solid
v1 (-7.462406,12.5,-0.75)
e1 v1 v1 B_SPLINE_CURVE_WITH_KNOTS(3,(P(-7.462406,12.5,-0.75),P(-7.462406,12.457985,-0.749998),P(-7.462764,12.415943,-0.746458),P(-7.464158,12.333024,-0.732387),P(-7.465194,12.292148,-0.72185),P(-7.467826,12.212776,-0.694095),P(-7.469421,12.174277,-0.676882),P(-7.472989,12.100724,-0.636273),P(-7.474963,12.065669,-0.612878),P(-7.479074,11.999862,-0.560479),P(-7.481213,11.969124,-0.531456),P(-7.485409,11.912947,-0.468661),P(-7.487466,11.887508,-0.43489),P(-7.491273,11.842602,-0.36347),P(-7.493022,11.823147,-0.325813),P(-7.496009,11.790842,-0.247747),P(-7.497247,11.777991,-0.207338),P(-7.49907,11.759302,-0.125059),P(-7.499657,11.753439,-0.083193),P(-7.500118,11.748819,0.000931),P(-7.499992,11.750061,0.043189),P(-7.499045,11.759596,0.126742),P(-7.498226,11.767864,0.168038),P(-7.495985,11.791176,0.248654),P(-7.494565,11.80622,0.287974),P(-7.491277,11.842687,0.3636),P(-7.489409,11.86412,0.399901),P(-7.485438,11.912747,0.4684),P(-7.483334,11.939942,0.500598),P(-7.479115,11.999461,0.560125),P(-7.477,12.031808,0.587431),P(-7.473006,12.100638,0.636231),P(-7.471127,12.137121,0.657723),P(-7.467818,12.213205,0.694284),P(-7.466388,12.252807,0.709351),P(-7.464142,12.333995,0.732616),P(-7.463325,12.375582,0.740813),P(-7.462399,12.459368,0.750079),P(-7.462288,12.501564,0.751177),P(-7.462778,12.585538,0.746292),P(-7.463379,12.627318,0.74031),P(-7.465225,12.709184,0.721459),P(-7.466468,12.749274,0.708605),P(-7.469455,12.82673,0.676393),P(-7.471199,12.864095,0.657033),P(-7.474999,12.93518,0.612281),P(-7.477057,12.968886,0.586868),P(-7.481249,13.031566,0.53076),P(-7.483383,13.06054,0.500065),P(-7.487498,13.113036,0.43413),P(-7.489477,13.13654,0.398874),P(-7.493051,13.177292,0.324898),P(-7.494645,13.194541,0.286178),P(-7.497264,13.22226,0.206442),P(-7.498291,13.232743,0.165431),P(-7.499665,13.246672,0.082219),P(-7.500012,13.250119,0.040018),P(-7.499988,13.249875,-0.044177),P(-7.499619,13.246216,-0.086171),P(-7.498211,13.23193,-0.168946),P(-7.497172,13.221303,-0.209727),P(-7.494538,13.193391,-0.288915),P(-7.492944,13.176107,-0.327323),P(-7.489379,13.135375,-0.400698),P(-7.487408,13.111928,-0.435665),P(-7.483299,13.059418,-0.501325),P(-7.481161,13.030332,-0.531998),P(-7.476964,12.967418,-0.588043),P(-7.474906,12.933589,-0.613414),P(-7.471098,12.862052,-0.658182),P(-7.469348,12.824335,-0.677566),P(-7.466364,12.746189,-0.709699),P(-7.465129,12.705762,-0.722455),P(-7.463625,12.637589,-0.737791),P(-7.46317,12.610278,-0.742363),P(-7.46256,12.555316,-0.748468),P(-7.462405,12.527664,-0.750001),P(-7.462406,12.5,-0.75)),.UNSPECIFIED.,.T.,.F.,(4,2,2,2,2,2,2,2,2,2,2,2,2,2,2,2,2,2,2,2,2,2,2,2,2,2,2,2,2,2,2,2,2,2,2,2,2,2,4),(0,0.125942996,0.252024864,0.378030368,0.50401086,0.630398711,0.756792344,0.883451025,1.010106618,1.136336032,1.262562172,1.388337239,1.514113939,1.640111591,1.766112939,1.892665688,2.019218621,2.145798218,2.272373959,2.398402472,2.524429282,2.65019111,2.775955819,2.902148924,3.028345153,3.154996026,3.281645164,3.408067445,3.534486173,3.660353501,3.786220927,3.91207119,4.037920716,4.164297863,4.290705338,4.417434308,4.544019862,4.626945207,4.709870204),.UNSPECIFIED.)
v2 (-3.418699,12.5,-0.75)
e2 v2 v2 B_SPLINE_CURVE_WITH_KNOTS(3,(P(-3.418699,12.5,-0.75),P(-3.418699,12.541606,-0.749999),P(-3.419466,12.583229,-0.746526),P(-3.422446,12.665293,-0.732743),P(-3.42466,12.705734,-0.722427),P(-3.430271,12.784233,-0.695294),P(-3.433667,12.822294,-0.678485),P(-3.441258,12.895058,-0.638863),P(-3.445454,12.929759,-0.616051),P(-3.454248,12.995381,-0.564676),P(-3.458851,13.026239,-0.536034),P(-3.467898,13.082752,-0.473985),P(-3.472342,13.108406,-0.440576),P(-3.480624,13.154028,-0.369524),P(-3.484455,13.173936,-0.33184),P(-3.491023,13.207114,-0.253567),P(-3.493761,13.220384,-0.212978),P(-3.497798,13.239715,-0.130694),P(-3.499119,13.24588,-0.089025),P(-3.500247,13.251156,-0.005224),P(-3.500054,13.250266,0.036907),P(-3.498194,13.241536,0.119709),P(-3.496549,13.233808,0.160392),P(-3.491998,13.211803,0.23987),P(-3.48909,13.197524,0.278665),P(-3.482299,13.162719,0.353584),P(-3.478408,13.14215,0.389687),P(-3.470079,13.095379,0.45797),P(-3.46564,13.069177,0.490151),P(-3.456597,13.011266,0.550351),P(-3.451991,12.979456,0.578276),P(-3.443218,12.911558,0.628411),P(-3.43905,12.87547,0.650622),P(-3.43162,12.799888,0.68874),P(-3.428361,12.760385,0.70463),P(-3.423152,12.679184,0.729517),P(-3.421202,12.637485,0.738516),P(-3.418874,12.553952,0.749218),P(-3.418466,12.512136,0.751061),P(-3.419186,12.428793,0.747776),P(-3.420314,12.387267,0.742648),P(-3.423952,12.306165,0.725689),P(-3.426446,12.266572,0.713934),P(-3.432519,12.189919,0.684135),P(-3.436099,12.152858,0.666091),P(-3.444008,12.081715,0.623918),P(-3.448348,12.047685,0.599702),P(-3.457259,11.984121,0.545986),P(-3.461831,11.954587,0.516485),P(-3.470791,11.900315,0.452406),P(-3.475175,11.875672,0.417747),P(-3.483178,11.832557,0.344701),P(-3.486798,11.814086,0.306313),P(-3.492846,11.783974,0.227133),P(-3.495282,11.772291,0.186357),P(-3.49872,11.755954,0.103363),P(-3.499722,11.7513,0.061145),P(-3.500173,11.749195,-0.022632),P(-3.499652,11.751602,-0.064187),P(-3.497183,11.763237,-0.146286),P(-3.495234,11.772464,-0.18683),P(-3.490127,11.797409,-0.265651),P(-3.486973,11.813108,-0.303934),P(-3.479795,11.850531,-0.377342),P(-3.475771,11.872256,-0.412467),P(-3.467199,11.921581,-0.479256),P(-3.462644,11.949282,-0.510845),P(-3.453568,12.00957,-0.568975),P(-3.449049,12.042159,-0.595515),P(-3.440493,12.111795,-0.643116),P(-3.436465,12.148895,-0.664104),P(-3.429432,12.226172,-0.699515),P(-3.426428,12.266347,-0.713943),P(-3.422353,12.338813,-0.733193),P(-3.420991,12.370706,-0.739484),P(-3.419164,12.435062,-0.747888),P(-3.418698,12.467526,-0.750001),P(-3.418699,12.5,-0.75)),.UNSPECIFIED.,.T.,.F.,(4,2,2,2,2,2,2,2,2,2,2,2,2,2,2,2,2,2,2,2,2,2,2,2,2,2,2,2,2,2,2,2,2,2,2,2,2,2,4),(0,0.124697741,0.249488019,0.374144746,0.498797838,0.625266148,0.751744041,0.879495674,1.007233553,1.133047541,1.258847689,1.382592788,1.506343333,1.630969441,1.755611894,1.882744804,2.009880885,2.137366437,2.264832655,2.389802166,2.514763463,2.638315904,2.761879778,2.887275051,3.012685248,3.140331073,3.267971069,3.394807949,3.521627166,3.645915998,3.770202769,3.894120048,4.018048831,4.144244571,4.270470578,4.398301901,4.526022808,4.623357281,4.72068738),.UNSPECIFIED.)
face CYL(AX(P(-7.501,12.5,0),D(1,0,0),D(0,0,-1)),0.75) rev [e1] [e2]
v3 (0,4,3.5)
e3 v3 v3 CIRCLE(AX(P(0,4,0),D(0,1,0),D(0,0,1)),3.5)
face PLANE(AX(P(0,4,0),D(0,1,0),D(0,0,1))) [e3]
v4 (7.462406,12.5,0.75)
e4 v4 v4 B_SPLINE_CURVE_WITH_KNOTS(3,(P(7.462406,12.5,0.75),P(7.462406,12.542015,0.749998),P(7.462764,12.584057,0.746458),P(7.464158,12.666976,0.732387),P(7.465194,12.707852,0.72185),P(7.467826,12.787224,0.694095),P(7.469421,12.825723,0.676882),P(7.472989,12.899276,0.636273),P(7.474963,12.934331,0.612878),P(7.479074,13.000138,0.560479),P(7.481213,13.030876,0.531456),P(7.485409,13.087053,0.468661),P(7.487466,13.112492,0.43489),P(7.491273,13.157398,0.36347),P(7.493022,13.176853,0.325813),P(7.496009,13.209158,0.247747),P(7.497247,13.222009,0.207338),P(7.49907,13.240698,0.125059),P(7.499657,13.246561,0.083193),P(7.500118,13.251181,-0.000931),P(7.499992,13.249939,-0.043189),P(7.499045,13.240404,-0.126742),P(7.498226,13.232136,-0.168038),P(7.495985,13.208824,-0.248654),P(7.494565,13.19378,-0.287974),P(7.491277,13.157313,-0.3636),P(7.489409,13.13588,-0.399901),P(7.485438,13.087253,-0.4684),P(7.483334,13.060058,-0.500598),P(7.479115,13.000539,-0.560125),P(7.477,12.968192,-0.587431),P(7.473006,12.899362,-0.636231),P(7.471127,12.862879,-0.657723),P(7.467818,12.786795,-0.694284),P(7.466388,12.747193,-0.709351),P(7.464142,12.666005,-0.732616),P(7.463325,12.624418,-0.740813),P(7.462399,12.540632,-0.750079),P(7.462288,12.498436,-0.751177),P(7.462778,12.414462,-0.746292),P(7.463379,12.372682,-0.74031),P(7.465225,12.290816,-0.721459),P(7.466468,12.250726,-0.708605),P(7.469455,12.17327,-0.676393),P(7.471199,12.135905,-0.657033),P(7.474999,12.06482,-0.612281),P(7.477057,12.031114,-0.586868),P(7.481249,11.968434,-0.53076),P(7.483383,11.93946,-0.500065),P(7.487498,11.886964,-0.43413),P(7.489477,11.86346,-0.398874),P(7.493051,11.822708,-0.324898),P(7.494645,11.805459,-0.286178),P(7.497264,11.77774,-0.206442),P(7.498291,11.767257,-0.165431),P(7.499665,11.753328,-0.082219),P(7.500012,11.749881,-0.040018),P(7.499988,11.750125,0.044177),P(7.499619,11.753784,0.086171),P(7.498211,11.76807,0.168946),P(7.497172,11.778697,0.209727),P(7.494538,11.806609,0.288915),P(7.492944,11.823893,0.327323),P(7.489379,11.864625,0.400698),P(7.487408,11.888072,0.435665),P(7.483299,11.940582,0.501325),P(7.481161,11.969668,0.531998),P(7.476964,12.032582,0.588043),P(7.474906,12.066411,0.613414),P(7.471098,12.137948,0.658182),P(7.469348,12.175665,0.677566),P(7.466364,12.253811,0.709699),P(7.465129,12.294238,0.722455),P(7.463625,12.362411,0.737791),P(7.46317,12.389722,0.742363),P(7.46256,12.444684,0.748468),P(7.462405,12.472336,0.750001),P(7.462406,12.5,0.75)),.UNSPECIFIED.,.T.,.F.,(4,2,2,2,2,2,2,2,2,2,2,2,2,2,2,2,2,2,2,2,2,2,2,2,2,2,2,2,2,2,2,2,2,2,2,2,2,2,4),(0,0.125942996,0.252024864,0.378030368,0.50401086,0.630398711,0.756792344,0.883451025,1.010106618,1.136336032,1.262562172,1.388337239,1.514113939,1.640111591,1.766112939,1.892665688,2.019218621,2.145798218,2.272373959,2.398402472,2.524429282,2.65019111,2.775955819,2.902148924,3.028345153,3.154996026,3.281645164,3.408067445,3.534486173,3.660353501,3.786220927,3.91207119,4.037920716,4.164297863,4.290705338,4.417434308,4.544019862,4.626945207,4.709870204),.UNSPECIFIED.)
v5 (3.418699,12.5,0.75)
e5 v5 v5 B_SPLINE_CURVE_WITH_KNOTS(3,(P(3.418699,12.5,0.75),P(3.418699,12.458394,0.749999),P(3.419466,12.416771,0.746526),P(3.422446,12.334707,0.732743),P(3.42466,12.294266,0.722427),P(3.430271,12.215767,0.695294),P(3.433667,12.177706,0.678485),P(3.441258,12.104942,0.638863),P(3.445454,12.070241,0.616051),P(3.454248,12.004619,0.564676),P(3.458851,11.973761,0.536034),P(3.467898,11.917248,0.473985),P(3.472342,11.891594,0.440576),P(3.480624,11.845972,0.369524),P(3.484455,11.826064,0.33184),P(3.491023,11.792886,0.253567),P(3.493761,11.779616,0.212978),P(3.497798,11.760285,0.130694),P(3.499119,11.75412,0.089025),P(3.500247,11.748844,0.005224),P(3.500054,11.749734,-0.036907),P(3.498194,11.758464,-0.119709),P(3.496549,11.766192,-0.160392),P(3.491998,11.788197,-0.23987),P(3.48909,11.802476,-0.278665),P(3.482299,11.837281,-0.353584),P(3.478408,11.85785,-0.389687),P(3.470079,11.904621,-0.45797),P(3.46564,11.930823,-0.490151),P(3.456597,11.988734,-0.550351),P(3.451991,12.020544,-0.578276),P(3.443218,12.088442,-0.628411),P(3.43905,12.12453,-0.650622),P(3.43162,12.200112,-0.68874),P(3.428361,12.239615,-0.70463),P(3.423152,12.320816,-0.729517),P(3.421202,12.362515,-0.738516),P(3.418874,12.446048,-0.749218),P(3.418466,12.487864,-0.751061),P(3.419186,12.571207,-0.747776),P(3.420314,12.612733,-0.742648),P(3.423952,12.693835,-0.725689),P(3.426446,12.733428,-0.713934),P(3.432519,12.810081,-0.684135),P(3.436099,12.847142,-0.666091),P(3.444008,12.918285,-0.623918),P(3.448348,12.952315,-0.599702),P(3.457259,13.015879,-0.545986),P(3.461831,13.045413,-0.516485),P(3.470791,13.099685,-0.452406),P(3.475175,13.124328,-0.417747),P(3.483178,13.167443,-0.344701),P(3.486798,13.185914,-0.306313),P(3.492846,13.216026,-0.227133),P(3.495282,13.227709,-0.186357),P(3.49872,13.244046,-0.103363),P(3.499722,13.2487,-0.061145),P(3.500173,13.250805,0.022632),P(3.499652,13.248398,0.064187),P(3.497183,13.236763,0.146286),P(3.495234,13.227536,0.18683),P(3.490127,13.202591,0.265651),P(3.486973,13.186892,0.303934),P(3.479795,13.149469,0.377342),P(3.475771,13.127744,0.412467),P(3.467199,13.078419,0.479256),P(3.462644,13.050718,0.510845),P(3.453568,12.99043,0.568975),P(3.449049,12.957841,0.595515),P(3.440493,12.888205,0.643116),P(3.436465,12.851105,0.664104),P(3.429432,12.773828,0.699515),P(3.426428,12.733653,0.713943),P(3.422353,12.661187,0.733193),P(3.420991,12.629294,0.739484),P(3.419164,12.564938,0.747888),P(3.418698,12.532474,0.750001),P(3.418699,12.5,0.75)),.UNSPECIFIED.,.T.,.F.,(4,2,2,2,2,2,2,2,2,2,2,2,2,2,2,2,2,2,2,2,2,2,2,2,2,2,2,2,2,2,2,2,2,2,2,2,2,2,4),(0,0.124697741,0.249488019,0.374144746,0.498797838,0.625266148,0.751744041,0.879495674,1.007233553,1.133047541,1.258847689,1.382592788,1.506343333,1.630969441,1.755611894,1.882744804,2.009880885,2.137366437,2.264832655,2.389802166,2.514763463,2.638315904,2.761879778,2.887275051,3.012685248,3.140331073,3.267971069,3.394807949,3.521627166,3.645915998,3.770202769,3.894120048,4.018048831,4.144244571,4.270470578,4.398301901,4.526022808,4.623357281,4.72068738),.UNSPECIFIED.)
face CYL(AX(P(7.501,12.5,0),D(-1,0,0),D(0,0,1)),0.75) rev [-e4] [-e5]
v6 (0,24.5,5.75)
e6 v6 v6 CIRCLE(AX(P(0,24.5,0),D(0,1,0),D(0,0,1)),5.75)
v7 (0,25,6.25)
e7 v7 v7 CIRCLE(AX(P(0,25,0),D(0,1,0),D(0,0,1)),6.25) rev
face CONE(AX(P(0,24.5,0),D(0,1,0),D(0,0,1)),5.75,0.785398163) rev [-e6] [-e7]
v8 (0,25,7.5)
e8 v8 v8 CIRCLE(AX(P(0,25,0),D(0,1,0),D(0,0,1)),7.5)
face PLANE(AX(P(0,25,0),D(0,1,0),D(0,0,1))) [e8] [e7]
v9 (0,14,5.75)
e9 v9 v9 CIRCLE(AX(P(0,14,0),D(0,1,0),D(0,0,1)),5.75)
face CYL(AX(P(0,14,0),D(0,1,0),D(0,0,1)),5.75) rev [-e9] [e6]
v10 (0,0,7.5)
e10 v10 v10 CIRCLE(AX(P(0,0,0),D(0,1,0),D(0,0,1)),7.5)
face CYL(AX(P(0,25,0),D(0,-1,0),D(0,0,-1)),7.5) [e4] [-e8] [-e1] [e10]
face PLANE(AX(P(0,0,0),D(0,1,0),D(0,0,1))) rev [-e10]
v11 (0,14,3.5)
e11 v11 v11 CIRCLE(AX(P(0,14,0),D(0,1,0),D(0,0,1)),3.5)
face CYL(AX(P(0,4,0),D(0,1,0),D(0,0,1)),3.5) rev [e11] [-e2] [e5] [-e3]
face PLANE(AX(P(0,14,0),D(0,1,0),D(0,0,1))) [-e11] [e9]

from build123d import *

# Parameters (mm, degrees)
SKETCH1_R                      = 7.5
BOSS_EXTRUDE1_DEPTH            = 25
SKETCH2_R                      = 5.75
CUT_EXTRUDE1_DEPTH             = 11
CHAMFER1_SIZE                  = 0.5
SKETCH3_R                      = 3.5
CUT_EXTRUDE2_DEPTH             = 10
CUT_EXTRUDE3_REACH             = 9.5
SKETCH4_R                      = 0.75
CUT_EXTRUDE3_DIRECTION_2_REACH = 9.5


with BuildPart() as part:
    # Sketch1 → Boss-Extrude1 (new body)
    with BuildSketch(Plane(origin=(0, 0, 0), x_dir=(1, 0, 0), z_dir=(0, 1, 0))):
        Circle(SKETCH1_R)
    extrude(amount=BOSS_EXTRUDE1_DEPTH)

    # Sketch2 → Cut-Extrude1 (cut)
    with BuildSketch(Plane(origin=(0, 25, 0), x_dir=(1, 0, 0), z_dir=(0, 1, 0))):
        Circle(SKETCH2_R)
    extrude(amount=-CUT_EXTRUDE1_DEPTH, mode=Mode.SUBTRACT)

    # Chamfer1
    chamfer1_edges = [part.edges().sort_by_distance(p)[0] for p in [
        (-5.75, 25, 0),
    ]]
    chamfer(chamfer1_edges, length=CHAMFER1_SIZE)

    # Sketch3 → Cut-Extrude2 (cut)
    with BuildSketch(Plane(origin=(0, 14, 0), x_dir=(1, 0, 0), z_dir=(0, 1, 0))):
        Circle(SKETCH3_R)
    extrude(amount=-CUT_EXTRUDE2_DEPTH, mode=Mode.SUBTRACT)

    # Sketch4 → Cut-Extrude3 (cut, up to next)
    with BuildSketch(Plane(origin=(0, 0, 0), x_dir=(0, 0, -1), z_dir=(1, 0, 0)), mode=Mode.PRIVATE) as cut_extrude3_sk1:
        with Locations((0, 12.5)):
            Circle(SKETCH4_R)
    cut_extrude3_tool1 = extrude(cut_extrude3_sk1.sketch, amount=-CUT_EXTRUDE3_REACH, mode=Mode.PRIVATE) & part.part
    add(cut_extrude3_tool1.solids().sort_by_distance((0, 12.5, 0))[0], mode=Mode.SUBTRACT)

    # Sketch4 → Cut-Extrude3 direction 2 (cut, up to next)
    with BuildSketch(Plane(origin=(0, 0, 0), x_dir=(0, 0, -1), z_dir=(1, 0, 0)), mode=Mode.PRIVATE) as cut_extrude3_direction_2_sk1:
        with Locations((0, 12.5)):
            Circle(SKETCH4_R)
    cut_extrude3_direction_2_tool1 = extrude(cut_extrude3_direction_2_sk1.sketch, amount=CUT_EXTRUDE3_DIRECTION_2_REACH, mode=Mode.PRIVATE) & part.part
    add(cut_extrude3_direction_2_tool1.solids().sort_by_distance((0, 12.5, 0))[0], mode=Mode.SUBTRACT)


solid = part.part
